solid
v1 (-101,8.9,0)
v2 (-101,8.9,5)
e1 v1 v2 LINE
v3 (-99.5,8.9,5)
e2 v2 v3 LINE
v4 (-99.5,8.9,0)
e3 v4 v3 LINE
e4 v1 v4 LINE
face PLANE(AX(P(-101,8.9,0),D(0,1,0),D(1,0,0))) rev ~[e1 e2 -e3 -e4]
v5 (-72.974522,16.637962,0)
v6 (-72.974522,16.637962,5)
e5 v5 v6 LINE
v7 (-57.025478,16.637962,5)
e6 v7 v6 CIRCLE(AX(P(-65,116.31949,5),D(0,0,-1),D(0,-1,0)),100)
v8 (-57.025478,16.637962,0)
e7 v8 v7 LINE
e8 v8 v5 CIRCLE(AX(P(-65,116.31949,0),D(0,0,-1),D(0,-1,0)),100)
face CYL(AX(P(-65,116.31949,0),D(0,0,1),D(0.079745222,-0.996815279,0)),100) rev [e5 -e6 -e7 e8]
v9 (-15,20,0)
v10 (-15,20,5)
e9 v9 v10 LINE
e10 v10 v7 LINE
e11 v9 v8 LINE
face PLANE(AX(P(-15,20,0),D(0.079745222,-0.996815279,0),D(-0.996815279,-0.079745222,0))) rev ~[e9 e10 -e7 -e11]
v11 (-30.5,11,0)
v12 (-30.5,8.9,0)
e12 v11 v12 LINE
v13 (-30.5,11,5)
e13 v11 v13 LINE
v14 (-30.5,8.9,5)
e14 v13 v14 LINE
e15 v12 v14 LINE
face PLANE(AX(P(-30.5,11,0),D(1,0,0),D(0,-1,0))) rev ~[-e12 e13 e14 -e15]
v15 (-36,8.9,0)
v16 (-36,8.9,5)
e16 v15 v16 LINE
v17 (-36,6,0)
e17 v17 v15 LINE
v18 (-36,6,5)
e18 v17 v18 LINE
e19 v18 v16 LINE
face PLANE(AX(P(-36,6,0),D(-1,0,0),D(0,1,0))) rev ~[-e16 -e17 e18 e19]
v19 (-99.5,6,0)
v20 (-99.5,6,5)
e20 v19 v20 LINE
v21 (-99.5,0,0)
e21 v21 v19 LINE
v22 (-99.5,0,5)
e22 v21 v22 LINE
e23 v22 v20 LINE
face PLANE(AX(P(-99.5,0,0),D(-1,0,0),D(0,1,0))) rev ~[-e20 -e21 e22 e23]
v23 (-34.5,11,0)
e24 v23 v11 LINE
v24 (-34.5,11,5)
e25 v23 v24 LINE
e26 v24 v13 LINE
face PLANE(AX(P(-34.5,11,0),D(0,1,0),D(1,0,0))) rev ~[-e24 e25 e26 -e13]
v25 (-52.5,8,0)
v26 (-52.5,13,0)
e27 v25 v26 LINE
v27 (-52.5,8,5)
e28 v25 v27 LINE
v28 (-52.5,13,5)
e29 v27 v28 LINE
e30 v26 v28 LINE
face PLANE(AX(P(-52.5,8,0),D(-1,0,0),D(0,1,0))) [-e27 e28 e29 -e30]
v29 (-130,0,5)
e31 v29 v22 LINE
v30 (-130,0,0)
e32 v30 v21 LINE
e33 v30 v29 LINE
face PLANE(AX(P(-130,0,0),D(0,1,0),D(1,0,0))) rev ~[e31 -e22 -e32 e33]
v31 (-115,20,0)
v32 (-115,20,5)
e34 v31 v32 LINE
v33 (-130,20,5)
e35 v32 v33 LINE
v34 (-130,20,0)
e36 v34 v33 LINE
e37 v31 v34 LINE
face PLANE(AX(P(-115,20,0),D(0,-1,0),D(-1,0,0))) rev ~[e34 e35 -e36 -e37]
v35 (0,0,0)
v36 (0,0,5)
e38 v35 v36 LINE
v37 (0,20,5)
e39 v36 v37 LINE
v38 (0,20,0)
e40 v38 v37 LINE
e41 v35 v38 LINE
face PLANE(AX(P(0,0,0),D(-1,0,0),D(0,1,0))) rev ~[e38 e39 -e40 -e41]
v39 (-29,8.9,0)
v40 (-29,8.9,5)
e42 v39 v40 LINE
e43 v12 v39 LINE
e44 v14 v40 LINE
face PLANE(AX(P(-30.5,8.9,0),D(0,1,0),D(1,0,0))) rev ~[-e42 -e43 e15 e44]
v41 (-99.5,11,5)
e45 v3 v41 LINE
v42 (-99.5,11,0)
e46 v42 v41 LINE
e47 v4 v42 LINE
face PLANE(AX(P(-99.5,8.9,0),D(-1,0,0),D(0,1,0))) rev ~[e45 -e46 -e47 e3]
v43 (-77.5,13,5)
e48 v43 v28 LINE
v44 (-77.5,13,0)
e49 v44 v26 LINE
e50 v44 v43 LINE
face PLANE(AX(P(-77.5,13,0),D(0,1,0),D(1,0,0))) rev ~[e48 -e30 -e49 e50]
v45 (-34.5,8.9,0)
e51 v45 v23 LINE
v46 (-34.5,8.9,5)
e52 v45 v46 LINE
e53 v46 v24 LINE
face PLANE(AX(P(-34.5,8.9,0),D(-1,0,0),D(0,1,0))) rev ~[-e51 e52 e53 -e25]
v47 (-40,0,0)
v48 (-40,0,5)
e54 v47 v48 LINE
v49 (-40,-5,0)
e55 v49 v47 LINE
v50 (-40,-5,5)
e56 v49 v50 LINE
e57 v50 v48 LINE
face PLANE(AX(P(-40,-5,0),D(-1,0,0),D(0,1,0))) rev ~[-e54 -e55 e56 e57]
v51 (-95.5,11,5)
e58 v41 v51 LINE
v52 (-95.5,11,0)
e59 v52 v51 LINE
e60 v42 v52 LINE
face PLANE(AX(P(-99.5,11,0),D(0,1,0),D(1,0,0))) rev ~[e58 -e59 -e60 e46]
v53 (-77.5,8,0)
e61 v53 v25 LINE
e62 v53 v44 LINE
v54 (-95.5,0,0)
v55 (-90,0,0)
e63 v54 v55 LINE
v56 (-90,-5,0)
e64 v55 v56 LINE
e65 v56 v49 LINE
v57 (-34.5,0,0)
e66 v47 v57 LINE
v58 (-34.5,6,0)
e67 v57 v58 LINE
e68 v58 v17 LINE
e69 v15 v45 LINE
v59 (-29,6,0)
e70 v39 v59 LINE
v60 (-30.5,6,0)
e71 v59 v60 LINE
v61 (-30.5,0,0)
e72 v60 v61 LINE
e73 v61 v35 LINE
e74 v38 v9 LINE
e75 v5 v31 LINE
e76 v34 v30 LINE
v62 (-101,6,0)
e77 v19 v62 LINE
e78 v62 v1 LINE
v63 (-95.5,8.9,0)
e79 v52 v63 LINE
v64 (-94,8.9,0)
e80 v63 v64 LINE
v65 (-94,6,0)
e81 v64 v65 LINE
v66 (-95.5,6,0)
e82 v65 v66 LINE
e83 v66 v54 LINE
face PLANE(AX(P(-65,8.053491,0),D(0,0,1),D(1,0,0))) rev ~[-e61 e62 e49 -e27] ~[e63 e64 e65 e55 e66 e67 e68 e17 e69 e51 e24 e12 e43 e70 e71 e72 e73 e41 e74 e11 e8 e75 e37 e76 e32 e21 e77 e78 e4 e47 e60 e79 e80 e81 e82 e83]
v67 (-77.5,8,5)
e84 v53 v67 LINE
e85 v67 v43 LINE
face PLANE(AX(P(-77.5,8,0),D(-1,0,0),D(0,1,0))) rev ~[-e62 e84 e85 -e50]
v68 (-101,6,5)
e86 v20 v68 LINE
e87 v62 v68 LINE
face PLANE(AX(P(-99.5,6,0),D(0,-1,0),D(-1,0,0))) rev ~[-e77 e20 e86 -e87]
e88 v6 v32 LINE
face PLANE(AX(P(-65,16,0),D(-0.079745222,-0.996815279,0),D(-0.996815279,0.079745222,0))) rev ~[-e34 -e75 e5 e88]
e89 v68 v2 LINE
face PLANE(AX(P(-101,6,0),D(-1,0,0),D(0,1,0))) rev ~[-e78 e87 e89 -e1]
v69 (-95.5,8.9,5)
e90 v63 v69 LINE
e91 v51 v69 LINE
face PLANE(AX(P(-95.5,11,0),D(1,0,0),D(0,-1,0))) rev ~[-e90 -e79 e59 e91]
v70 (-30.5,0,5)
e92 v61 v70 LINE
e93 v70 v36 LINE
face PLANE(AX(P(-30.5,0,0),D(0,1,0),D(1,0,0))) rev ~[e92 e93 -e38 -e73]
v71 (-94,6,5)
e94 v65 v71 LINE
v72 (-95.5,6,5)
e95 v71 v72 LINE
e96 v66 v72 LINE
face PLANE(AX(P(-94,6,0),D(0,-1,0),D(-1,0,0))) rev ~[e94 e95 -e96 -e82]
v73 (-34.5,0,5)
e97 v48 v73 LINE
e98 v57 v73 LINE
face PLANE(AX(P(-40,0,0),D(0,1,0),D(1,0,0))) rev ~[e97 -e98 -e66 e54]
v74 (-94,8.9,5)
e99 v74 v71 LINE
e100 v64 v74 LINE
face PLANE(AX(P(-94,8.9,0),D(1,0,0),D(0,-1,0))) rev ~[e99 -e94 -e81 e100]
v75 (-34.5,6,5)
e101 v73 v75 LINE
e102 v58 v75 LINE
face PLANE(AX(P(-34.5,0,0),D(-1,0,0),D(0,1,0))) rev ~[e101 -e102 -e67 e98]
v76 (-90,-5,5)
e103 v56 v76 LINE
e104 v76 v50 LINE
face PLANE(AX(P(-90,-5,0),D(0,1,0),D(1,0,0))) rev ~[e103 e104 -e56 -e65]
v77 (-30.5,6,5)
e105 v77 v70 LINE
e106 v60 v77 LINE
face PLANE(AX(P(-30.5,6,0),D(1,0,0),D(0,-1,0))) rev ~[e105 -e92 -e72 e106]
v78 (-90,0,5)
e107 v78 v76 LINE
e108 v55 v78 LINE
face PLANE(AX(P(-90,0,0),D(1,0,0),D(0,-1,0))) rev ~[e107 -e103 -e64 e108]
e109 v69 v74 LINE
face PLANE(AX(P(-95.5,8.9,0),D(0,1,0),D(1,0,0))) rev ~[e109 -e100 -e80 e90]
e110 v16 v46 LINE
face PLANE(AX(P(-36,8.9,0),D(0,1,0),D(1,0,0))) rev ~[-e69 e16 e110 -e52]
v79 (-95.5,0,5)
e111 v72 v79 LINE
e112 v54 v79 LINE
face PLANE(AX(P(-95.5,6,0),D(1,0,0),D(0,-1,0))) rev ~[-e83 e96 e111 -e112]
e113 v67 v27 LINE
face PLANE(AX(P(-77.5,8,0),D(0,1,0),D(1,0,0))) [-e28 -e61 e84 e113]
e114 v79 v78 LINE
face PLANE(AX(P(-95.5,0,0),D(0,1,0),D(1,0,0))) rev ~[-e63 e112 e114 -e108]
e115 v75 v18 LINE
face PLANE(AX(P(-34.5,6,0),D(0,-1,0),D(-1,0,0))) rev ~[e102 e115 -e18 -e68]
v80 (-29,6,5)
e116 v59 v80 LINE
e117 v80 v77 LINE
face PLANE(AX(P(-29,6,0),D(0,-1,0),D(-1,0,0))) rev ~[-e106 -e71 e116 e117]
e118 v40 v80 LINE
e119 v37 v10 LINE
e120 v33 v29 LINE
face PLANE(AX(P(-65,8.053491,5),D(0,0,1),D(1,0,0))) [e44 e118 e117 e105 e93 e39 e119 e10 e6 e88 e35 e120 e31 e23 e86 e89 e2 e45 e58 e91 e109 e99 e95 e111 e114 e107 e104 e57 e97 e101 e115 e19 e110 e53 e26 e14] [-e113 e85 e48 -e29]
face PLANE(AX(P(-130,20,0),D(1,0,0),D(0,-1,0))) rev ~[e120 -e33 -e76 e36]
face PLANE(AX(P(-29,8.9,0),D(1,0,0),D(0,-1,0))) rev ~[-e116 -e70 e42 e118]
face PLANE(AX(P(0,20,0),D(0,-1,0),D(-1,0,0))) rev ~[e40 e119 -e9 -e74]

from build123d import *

# Parameters (mm, degrees)
SKETCH_1_W      = 25
SKETCH_1_H      = 5
EXTRUDE_1_DEPTH = 5
FILLET_1_R      = 100


with BuildPart() as part:
    # 草图1 → 凸台-拉伸1 (new body)
    with BuildSketch(Plane.XY):
        Polygon((-40, 0), (-34.5, 0), (-34.5, 6), (-36, 6), (-36, 8.9), (-34.5, 8.9), (-34.5, 11), (-30.5, 11), (-30.5, 8.9), (-29, 8.9), (-29, 6), (-30.5, 6), (-30.5, 0), (0, 0), (0, 20), (-15, 20), (-65, 16), (-115, 20), (-130, 20), (-130, 0), (-99.5, 0), (-99.5, 6), (-101, 6), (-101, 8.9), (-99.5, 8.9), (-99.5, 11), (-95.5, 11), (-95.5, 8.9), (-94, 8.9), (-94, 6), (-95.5, 6), (-95.5, 0), (-90, 0), (-90, -5), (-40, -5), align=None)
        with Locations((-65, 10.5)):
            Rectangle(SKETCH_1_W, SKETCH_1_H, mode=Mode.SUBTRACT)
    extrude(amount=EXTRUDE_1_DEPTH)

    # 圆角1
    fillet_1_edges = [part.edges().sort_by_distance(p)[0] for p in [
        (-65, 16, 2.5),
    ]]
    fillet(fillet_1_edges, radius=FILLET_1_R)


solid = part.part
